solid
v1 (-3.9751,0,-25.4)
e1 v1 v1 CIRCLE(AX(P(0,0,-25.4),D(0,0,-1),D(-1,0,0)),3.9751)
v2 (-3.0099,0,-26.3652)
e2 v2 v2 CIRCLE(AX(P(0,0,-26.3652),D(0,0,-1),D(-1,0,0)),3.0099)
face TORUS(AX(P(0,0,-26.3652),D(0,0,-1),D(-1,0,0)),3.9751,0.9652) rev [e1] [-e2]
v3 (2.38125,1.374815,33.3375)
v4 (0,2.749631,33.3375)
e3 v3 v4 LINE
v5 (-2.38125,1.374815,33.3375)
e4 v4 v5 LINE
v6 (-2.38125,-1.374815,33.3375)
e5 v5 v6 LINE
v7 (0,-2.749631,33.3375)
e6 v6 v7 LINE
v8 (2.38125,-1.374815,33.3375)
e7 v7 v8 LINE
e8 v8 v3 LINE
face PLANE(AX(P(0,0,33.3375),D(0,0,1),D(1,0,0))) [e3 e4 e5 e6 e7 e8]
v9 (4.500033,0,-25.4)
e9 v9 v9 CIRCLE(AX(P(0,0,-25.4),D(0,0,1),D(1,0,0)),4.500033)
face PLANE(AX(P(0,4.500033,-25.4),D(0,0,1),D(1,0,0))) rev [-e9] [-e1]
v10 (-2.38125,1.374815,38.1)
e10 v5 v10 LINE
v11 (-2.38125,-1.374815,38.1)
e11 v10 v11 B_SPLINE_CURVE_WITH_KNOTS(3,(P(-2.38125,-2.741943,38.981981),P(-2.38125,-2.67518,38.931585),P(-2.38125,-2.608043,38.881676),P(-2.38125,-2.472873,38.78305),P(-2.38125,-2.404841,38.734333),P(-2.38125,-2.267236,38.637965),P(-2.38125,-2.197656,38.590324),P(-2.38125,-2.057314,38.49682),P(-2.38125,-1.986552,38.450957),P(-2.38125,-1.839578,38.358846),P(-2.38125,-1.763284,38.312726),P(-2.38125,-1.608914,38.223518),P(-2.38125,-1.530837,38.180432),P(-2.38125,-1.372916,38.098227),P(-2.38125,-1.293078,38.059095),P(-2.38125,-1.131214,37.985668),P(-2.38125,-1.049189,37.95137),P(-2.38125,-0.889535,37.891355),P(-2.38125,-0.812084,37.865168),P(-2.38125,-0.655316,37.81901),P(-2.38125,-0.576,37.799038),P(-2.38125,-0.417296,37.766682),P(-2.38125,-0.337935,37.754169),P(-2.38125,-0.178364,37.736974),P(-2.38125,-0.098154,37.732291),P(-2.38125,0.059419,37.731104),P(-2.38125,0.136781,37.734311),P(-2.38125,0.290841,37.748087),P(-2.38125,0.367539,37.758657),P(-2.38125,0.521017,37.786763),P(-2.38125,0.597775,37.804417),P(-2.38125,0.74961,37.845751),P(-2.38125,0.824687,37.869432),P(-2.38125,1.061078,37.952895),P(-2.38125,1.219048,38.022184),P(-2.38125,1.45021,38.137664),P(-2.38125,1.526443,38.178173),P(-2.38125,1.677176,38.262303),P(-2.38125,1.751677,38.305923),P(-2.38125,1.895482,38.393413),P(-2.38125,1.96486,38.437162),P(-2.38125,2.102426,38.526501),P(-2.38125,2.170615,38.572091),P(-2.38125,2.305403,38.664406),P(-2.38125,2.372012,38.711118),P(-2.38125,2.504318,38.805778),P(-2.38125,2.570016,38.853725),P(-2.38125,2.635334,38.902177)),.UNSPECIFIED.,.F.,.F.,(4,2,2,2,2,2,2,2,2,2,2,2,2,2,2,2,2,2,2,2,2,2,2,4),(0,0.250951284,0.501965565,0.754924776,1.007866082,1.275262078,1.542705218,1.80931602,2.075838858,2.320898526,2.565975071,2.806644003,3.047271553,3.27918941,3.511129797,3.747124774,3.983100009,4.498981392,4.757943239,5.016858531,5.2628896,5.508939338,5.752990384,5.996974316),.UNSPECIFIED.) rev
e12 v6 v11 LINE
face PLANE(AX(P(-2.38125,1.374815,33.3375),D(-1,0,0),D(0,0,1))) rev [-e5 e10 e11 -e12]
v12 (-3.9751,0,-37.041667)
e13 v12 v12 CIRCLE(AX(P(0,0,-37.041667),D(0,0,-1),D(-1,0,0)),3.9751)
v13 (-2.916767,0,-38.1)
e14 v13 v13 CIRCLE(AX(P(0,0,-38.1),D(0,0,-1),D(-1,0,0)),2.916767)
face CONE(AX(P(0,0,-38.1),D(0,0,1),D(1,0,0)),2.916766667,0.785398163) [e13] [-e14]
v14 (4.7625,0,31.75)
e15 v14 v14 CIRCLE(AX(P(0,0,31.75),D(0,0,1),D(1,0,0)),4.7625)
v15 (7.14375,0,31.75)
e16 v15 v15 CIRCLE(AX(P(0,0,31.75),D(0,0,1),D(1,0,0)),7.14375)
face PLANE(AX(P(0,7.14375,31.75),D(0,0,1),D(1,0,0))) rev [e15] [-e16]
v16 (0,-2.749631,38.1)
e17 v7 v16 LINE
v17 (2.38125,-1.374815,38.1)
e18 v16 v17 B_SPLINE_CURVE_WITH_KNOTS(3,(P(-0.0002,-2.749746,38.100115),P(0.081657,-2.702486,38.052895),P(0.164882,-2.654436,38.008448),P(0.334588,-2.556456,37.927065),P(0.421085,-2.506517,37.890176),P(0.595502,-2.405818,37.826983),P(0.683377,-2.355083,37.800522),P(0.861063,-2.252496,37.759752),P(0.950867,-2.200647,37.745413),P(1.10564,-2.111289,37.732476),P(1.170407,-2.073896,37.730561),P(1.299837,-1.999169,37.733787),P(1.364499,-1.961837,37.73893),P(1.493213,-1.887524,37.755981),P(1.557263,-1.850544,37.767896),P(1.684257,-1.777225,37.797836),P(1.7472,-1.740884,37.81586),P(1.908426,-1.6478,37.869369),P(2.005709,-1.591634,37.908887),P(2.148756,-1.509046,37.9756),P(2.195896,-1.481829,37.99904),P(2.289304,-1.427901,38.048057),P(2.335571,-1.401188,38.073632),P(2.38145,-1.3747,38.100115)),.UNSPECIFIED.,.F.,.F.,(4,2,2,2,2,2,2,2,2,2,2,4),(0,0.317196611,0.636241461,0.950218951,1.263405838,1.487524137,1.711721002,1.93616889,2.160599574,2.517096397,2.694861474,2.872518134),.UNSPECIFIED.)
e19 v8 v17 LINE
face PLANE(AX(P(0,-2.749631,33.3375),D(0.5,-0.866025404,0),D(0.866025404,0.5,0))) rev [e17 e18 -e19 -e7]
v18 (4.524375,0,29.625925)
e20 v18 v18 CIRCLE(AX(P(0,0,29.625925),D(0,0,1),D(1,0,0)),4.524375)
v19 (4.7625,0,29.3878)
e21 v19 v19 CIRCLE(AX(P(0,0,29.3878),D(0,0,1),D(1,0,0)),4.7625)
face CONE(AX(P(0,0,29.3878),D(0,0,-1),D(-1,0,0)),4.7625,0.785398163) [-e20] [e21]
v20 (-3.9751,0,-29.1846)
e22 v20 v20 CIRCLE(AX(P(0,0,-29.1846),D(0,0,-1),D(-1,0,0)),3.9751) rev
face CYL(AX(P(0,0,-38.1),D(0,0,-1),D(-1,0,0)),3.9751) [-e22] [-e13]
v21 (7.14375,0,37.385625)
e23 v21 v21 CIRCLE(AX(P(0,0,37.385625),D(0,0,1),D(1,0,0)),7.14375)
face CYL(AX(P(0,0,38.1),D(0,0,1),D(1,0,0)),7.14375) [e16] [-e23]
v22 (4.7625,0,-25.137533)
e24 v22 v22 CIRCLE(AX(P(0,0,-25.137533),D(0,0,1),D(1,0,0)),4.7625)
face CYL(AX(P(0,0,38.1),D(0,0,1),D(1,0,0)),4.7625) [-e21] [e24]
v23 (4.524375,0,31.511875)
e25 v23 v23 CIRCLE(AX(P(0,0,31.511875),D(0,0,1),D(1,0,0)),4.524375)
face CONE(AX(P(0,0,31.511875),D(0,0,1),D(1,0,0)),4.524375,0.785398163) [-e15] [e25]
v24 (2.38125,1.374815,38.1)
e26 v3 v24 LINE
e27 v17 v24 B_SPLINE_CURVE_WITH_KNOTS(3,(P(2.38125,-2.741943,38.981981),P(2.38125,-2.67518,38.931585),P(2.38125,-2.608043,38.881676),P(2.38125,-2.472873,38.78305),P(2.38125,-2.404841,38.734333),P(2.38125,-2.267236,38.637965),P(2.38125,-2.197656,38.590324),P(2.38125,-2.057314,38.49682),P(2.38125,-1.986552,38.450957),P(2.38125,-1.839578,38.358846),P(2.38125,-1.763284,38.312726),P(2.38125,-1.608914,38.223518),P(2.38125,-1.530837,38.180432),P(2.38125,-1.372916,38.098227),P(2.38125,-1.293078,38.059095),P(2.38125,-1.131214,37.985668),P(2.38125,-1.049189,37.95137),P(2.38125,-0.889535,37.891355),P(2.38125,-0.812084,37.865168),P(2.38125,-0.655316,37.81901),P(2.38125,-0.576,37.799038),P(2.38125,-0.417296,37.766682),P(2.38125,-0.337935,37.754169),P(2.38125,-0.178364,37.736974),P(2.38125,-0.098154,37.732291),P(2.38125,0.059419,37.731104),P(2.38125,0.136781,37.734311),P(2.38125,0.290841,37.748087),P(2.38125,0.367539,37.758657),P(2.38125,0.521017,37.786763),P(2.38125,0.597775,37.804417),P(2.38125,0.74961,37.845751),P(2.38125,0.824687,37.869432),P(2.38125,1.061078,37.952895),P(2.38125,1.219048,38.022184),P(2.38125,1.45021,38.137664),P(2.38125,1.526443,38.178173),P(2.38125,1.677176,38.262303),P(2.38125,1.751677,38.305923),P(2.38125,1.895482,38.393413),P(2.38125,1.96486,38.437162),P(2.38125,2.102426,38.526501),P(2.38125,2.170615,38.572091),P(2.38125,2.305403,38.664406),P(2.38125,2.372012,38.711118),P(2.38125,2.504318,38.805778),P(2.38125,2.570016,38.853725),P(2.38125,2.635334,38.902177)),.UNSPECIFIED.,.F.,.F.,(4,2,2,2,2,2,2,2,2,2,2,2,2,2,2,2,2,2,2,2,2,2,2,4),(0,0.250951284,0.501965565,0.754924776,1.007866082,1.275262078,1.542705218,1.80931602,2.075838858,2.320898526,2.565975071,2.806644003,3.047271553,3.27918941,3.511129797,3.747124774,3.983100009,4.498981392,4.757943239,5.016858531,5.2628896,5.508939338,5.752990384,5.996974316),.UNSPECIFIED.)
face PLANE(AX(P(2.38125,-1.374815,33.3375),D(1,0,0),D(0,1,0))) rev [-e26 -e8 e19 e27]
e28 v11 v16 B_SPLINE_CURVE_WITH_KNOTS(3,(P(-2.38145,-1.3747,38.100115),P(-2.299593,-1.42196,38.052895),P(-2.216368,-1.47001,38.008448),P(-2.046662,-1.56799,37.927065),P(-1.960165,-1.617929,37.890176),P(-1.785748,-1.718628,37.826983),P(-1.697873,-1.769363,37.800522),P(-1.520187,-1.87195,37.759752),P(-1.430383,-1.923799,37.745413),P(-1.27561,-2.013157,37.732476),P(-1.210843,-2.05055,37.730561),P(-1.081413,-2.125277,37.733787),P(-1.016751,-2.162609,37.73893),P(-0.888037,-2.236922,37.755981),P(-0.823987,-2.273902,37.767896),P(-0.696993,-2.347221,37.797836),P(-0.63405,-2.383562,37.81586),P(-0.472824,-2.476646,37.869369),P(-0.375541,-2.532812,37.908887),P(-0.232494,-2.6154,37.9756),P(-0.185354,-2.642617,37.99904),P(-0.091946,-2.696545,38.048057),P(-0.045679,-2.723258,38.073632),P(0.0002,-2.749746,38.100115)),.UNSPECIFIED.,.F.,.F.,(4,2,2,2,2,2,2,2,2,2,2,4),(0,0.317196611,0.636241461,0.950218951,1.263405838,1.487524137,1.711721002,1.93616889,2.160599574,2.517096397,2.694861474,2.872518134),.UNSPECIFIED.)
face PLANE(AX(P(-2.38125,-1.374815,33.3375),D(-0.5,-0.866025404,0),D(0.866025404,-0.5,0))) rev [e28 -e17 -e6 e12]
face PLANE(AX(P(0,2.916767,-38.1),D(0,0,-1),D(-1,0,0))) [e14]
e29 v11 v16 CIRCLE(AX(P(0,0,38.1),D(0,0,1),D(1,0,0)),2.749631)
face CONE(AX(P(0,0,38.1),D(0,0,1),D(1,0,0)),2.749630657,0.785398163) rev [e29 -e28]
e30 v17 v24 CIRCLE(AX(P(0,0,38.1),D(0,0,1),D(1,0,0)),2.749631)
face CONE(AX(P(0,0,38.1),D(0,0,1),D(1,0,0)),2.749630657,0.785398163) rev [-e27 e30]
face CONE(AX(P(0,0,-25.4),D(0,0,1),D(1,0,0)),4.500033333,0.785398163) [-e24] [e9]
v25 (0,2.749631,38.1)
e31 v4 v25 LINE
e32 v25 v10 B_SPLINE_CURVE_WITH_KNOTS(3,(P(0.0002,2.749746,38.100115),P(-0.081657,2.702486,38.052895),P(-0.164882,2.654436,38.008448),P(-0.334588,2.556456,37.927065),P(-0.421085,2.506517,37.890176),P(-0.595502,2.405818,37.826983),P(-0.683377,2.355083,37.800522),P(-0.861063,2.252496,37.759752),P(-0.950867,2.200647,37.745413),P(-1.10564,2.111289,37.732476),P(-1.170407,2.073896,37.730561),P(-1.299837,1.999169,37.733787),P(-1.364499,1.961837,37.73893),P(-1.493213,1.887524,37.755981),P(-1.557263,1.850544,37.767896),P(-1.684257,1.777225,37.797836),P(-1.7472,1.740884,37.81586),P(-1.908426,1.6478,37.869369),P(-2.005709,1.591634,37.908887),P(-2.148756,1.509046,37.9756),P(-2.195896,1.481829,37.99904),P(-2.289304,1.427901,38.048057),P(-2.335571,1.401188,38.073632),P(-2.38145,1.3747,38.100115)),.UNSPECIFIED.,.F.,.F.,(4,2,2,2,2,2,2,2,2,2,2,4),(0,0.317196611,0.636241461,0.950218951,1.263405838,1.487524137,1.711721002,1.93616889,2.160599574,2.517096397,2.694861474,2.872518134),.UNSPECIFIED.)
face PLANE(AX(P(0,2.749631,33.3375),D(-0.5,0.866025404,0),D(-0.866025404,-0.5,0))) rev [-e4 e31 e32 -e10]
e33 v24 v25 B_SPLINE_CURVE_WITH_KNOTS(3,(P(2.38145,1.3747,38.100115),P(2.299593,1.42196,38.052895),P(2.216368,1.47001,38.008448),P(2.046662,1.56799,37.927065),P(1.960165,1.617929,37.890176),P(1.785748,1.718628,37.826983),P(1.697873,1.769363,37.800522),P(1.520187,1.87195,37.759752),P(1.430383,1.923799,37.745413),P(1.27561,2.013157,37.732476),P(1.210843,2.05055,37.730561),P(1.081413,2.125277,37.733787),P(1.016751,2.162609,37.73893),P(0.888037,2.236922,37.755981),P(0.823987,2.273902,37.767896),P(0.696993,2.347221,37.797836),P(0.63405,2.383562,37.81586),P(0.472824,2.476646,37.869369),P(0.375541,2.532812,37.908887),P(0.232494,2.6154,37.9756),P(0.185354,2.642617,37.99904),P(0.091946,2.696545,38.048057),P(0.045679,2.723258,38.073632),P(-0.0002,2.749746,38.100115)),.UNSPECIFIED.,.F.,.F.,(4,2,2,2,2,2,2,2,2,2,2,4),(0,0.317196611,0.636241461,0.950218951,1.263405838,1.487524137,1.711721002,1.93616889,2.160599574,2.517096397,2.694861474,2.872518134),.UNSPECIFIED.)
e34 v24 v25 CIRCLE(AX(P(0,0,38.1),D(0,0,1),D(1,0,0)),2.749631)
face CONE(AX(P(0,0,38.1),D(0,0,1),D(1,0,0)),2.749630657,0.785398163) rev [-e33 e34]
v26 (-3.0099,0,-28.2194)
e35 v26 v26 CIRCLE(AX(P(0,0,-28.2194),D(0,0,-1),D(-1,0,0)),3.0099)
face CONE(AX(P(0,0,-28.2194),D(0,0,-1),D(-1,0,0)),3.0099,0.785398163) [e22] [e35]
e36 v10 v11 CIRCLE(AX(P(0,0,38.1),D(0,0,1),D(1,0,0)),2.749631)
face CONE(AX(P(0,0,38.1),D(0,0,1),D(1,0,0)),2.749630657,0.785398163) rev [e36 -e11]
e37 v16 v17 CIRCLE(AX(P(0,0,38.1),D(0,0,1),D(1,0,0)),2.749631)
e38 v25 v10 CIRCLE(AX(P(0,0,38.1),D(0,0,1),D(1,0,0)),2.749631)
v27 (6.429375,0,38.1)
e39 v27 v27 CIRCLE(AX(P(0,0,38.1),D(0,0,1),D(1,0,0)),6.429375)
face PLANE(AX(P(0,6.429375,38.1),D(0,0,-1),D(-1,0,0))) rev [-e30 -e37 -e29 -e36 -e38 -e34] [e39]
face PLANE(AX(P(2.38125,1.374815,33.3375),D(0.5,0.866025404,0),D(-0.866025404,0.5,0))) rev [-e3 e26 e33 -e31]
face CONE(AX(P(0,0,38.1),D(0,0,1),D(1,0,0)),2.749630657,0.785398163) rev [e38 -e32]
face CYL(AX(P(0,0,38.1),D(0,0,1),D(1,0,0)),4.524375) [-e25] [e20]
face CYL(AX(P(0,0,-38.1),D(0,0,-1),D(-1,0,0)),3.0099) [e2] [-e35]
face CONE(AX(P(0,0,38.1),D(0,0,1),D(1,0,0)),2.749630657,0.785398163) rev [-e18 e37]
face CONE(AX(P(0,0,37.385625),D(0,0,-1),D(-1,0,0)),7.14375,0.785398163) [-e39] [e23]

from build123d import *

# Parameters (mm, degrees)
CUT_EXTRUDE1_DEPTH = 4.7625


with BuildPart() as part:
    # Sketch4 → Revolve1 (revolve)
    with BuildSketch(Plane(origin=(0, 0, 0), x_dir=(0, 0, -1), z_dir=(1, 0, 0))):
        Polygon((-31.75, 7.14375), (-37.385625, 7.14375), (-38.1, 6.429375), (-38.1, 0), (25.4, 0), (25.4, 4.500033333), (25.137533333, 4.7625), (-29.3878, 4.7625), (-29.625925, 4.524375), (-31.511875, 4.524375), (-31.75, 4.7625), align=None)
    revolve(axis=Axis((0, 0, 38.1), (0, 0, -1)))

    # Sketch5 → Cut-Extrude1 (cut)
    with BuildSketch(Plane.XY.offset(38.1)):
        Polygon((2.38125, 1.374815329), (0, 2.749630657), (-2.38125, 1.374815329), (-2.38125, -1.374815329), (0, -2.749630657), (2.38125, -1.374815329), align=None)
    extrude(amount=-CUT_EXTRUDE1_DEPTH, mode=Mode.SUBTRACT)

    # Cut-Extrude4 cone 1 section (through the dimple's axis) → Cut-Extrude4 (revolve, cut)
    with BuildSketch(Plane(origin=(0, 0, 38.1), x_dir=(0, -1, 0), z_dir=(1, 0, 0))):
        Polygon((0, 0), (2.749630657, 0), (0, 2.749630657), align=None)
    revolve(axis=Axis((0, 0, 38.1), (0, 0, -1)), mode=Mode.SUBTRACT)

    # Sketch7 → Revolve2 (revolve)
    with BuildSketch(Plane(origin=(0, 0, 0), x_dir=(0, 0, -1), z_dir=(1, 0, 0))):
        Polygon((25.4, 3.9751), (37.041666667, 3.9751), (38.1, 2.916766667), (38.1, 0), (25.4, 0), align=None)
    revolve(axis=Axis((0, 0, -38.1), (0, 0, 1)))

    # Sketch10 → Cut-Revolve1 (revolve, cut)
    with BuildSketch(Plane(origin=(0, 0, 0), x_dir=(0, 0, -1), z_dir=(1, 0, 0))):
        with BuildLine():
            Line((26.3652, 3.0099), (28.2194, 3.0099))
            Line((28.2194, 3.0099), (29.972, 4.7625))
            Line((29.972, 4.7625), (25.4, 4.7625))
            Line((25.4, 4.7625), (25.4, 3.9751))
            ThreePointArc((25.4, 3.9751), (25.682700535, 3.292600535), (26.3652, 3.0099))
        make_face()
    revolve(axis=Axis((0, 0, -38.1), (0, 0, 1)), mode=Mode.SUBTRACT)


solid = part.part
